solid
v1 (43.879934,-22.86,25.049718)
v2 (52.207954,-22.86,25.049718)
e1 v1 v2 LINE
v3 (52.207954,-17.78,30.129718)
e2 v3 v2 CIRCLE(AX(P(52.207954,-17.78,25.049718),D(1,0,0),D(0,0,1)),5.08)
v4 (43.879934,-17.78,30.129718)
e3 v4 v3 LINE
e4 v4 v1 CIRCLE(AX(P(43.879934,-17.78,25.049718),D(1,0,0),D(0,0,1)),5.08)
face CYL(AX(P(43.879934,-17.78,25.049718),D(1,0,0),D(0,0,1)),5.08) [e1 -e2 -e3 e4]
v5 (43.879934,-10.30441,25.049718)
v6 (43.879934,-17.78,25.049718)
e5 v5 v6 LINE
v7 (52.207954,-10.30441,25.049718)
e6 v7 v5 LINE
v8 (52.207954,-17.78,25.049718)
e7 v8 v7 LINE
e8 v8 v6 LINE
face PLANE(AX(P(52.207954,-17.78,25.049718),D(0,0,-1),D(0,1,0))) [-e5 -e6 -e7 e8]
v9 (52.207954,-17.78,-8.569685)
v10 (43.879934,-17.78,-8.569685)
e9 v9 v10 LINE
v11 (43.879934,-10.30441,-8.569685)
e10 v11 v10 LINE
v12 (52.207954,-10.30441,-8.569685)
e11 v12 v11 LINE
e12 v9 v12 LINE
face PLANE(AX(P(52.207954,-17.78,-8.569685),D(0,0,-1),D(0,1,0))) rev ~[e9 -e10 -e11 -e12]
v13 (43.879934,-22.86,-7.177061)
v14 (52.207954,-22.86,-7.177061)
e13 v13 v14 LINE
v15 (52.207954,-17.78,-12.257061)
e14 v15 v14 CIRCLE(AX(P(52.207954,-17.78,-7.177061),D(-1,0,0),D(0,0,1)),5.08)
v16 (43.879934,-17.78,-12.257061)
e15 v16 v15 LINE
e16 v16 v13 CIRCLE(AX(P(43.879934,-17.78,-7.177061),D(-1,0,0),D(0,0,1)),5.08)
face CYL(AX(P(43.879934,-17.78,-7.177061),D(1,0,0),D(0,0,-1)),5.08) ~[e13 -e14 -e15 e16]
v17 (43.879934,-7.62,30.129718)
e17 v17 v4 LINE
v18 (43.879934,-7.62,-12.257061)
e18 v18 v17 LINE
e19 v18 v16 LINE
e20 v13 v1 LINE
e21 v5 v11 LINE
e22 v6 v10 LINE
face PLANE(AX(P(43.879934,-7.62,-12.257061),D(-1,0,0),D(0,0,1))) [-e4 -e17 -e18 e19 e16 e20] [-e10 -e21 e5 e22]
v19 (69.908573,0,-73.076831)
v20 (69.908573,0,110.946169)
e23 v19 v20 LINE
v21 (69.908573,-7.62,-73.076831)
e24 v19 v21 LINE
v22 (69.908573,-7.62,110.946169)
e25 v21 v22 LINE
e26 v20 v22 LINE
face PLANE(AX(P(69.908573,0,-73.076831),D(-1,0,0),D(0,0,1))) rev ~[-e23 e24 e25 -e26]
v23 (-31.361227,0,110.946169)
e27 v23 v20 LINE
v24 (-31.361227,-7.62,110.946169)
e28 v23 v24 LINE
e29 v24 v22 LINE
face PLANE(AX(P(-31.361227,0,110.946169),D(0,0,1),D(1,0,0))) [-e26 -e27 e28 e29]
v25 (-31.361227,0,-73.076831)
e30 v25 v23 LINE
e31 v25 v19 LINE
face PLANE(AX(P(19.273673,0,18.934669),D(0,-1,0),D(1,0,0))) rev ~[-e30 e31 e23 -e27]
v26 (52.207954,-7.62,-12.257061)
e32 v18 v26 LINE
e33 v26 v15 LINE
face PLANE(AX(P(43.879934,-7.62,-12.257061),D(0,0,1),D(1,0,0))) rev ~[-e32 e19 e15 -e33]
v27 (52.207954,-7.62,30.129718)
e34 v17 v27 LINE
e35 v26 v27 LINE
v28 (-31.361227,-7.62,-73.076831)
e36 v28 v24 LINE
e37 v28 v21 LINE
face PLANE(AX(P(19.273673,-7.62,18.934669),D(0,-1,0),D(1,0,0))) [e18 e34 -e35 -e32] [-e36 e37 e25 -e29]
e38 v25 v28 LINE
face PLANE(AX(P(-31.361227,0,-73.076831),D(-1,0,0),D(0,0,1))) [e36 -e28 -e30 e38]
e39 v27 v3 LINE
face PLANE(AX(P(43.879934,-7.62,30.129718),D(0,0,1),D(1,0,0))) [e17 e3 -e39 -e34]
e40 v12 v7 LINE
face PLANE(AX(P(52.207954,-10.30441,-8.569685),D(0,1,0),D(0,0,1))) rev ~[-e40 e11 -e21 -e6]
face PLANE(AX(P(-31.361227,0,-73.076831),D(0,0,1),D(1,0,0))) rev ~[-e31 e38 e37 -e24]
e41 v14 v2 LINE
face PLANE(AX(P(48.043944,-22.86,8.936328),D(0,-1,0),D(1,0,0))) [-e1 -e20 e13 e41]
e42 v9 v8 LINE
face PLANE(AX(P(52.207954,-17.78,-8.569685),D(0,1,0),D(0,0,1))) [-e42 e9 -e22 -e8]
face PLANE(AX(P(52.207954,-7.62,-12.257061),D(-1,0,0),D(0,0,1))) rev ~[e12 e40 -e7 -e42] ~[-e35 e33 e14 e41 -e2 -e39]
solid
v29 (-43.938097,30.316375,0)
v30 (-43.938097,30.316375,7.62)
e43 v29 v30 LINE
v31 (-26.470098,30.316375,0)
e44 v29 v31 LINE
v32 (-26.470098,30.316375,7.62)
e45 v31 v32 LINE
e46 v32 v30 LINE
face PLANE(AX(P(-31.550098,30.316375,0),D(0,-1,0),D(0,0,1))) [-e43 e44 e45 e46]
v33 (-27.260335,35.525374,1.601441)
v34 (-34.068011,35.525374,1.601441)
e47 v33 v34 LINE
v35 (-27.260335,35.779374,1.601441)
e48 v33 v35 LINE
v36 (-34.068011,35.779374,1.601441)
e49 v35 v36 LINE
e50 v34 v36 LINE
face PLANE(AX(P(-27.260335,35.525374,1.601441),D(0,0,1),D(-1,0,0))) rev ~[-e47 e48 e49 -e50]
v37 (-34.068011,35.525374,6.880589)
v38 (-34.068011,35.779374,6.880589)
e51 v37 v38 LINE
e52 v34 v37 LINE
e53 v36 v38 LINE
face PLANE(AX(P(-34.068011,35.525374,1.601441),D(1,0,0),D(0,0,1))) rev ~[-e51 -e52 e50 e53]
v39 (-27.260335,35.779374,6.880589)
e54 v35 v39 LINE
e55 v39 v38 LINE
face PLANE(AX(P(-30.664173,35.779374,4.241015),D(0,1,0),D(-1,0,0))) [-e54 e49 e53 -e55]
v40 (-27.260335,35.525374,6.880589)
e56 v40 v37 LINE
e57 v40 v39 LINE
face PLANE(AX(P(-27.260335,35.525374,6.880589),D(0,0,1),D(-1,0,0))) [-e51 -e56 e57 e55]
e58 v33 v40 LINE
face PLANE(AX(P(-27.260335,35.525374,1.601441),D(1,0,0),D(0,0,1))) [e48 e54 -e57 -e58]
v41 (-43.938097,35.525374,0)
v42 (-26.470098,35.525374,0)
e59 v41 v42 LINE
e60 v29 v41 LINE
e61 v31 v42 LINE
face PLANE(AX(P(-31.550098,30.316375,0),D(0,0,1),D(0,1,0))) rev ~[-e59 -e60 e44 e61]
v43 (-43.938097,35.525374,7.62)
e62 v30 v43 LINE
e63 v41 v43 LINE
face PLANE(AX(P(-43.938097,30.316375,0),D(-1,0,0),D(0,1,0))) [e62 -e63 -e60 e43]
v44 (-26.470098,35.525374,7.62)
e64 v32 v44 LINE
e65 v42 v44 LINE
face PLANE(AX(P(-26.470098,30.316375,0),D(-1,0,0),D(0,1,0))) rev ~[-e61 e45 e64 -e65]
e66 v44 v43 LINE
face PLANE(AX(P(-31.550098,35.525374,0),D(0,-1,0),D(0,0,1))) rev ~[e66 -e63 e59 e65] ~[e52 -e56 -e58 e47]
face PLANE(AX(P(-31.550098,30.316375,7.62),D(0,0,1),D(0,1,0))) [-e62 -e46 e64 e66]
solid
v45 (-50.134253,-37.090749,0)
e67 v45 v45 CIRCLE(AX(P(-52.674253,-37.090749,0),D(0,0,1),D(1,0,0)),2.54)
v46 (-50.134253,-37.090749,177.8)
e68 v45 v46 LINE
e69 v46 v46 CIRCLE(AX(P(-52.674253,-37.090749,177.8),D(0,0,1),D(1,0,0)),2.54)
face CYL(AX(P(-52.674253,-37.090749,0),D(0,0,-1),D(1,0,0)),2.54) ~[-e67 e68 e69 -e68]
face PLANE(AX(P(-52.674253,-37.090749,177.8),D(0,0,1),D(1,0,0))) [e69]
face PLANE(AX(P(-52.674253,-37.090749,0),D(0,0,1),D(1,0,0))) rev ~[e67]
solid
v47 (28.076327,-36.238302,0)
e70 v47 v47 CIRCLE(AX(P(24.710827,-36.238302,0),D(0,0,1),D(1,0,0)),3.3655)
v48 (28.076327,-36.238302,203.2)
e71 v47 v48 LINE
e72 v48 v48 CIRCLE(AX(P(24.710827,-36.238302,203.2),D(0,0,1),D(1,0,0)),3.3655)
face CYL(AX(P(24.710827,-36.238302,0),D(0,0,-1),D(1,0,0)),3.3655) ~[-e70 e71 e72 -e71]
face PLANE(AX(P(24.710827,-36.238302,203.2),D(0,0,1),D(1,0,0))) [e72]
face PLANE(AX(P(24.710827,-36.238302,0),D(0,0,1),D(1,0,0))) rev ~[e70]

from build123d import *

# Parameters (mm, degrees)
F0_W      = 12.3879984021
F0_H      = 5.2089989185
F1_DEPTH  = 7.62
F2_DEPTH  = 5.08
F3_W      = 6.8076755852
F3_H      = 5.2791479975
F4_DEPTH  = 0.254
F5_R      = 2.54
F6_DEPTH  = 177.8
F7_R      = 3.3655
F8_DEPTH  = 203.2
F9_W      = 101.2698
F9_H      = 184.023
F10_DEPTH = 7.62
F11_W     = 8.3280205727
F11_H     = 42.3867786303
F12_DEPTH = 15.24
F13_R     = 5.08
F14_W     = 7.4755899894
F14_H     = 33.6194024739
F15_DEPTH = 10.16


with BuildPart() as f1:
    # F0 (on Top) → F1 (new body)
    with BuildSketch(Plane.XY):
        with Locations((-37.7440974116, 32.9208746552)):
            Rectangle(F0_W, F0_H)
    extrude(amount=F1_DEPTH)

    # F2 (add): a face of the model
    f2_faces = [f1.faces().sort_by_distance(p)[0] for p in [
        (-31.5500982106, 32.9208746552, 3.81),
    ]]
    extrude(f2_faces, amount=F2_DEPTH)

    # F3 (on face) → F4 (join)
    with BuildSketch(Plane(origin=(0, 35.5253741145, 0), x_dir=(-1, 0, 0), z_dir=(0, 1, 0))):
        with Locations((30.6641729549, 4.2410148308)):
            Rectangle(F3_W, F3_H)
    extrude(amount=F4_DEPTH)


with BuildPart() as f6:
    # F5 (on Top) → F6 (new body)
    with BuildSketch(Plane.XY):
        with Locations((-52.6742525399, -37.0907485485)):
            Circle(F5_R)
    extrude(amount=F6_DEPTH)


with BuildPart() as f8:
    # F7 (on Top) → F8 (new body)
    with BuildSketch(Plane.XY):
        with Locations((24.7108265758, -36.2383015454)):
            Circle(F7_R)
    extrude(amount=F8_DEPTH)


with BuildPart() as f10:
    # F9 (on Front) → F10 (new body)
    with BuildSketch(Plane.XZ):
        with Locations((19.2736731842, 18.9346689013)):
            Rectangle(F9_W, F9_H)
    extrude(amount=F10_DEPTH)

    # F11 (on face) → F12 (join)
    with BuildSketch(Plane.XZ.offset(7.62)):
        with Locations((48.0439439416, 8.9363283478)):
            Rectangle(F11_W, F11_H)
    extrude(amount=F12_DEPTH)

    # F13
    f13_edges = [f10.edges().sort_by_distance(p)[0] for p in [
        (48.043944, -22.86, 30.129718),
        (48.043944, -22.86, -12.257061),
    ]]
    fillet(f13_edges, radius=F13_R)

    # F14 (on face) → F15 (cut)
    with BuildSketch(Plane.YZ.offset(52.2079542279)):
        with Locations((-14.0422050053, 8.240016426)):
            Rectangle(F14_W, F14_H)
    extrude(amount=-F15_DEPTH, mode=Mode.SUBTRACT)


solid = Compound([f1.part, f6.part, f8.part, f10.part])
